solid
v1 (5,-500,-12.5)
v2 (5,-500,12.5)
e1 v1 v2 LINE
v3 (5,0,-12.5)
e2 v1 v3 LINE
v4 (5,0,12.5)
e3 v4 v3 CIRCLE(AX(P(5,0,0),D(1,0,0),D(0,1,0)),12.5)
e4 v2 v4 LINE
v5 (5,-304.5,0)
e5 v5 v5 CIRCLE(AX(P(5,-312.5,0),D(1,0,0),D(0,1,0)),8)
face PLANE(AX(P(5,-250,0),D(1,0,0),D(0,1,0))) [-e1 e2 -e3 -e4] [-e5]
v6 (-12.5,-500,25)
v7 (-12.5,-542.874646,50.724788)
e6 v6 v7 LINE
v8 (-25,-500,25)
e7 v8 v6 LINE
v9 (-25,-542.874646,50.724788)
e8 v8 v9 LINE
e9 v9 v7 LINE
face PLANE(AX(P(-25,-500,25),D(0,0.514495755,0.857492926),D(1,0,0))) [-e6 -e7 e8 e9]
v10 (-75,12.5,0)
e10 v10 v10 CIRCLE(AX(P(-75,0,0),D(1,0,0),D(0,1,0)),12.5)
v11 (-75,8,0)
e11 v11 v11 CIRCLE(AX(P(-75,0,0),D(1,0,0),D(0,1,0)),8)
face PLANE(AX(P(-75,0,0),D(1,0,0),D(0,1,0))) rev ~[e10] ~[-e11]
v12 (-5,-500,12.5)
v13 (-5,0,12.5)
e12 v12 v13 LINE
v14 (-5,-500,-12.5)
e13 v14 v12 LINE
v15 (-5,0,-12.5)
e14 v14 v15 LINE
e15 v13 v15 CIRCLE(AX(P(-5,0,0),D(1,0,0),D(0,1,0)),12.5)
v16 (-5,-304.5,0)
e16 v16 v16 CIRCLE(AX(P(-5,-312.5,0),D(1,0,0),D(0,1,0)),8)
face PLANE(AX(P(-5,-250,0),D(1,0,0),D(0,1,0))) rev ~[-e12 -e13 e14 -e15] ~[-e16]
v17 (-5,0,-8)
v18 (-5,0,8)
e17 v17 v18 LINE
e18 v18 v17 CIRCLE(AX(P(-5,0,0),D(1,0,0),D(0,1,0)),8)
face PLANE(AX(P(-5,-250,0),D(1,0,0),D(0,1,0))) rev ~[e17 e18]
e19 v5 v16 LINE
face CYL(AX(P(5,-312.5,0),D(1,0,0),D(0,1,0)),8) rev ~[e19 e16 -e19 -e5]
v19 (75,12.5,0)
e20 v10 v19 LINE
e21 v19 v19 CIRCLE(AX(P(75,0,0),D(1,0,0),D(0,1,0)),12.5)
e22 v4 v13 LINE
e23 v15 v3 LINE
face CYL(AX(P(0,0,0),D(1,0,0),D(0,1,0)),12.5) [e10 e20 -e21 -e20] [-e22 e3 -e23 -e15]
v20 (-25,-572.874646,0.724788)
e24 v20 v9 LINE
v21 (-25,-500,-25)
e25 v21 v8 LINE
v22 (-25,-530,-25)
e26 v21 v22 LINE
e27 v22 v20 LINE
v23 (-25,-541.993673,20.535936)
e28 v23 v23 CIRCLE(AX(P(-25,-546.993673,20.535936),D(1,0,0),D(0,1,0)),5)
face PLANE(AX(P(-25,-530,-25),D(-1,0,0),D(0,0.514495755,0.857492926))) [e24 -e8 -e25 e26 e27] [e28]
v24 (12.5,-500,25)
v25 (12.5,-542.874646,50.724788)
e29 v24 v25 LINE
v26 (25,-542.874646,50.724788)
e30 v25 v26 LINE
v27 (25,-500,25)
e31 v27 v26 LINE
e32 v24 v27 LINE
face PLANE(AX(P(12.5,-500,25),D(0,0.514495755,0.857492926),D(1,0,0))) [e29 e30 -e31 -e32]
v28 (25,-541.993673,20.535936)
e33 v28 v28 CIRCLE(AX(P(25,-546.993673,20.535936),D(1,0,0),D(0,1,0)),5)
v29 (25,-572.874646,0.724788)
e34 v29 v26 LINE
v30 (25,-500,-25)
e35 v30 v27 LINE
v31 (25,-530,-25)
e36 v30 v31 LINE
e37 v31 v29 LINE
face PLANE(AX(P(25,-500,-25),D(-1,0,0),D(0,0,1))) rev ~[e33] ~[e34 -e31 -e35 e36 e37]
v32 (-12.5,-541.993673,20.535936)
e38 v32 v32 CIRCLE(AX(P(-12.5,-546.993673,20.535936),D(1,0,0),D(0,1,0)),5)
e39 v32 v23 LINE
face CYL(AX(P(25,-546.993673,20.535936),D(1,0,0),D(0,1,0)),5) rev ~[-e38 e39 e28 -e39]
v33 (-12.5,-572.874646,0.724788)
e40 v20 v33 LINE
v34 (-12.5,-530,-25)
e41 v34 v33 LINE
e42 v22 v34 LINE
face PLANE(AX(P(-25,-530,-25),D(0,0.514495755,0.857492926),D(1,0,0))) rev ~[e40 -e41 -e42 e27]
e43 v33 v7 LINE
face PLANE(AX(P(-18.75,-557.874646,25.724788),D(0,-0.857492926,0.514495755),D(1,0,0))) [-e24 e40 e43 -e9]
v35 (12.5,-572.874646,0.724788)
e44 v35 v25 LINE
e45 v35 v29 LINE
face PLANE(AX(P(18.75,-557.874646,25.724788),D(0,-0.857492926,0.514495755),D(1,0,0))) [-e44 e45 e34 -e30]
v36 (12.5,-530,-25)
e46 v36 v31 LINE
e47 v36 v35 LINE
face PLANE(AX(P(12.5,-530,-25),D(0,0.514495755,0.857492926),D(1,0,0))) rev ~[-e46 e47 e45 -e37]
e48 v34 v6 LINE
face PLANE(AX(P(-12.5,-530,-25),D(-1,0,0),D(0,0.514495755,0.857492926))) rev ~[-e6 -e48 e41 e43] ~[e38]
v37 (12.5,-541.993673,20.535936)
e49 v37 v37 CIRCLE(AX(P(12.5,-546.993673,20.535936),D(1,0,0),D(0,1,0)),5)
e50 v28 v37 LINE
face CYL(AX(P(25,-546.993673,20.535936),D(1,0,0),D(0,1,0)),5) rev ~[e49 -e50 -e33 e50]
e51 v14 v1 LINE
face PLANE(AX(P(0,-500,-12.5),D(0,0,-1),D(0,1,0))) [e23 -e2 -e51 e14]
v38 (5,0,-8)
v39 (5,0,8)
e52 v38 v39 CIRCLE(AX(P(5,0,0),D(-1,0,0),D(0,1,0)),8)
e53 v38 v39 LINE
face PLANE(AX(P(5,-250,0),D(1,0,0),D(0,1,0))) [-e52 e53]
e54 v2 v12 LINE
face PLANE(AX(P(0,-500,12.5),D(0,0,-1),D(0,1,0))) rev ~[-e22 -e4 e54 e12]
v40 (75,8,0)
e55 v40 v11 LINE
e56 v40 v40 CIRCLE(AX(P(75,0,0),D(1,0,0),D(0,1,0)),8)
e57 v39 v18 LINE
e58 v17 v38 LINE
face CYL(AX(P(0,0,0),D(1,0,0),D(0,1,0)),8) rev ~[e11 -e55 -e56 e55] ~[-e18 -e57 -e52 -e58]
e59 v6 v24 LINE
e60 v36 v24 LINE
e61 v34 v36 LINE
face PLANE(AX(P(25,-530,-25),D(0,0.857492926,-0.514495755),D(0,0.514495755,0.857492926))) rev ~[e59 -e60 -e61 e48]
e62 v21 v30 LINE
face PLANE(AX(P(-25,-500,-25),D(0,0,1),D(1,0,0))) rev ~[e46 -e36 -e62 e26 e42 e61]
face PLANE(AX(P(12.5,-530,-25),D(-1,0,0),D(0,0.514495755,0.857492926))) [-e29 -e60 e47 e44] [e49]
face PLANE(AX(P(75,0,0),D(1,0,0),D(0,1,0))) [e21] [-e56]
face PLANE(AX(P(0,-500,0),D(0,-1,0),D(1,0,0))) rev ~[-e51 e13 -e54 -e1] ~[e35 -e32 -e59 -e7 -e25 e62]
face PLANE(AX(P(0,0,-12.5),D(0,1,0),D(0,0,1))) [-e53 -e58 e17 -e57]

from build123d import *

# Parameters (mm, degrees)
F0_R          = 12.5
F0_R_2        = 8
F1_DEPTH      = 75
F1_DEPTH_BACK = 75
F2_W          = 500
F2_H          = 25
F3_DEPTH      = 5
F3_DEPTH_BACK = 5
F4_R          = 8
F5_DEPTH      = 25
F5_DEPTH_BACK = 25
F6_W          = 50
F6_H          = 50
F6_W_2        = 10
F6_H_2        = 25
F7_DEPTH      = 30
F9_DEPTH      = 50
F10_W         = 12.5
F10_H         = 58.3095189485
F11_DEPTH     = 50
F12_R         = 5
F13_DEPTH     = 100.001


with BuildPart() as f1:
    # F0 (on Right) → F1 (new body, two sides)
    with BuildSketch(Plane.YZ) as f1_sk:
        Circle(F0_R)
        Circle(F0_R_2, mode=Mode.SUBTRACT)
    extrude(amount=F1_DEPTH)
    extrude(f1_sk.sketch, amount=-F1_DEPTH_BACK)

    # F2 (on Right) → F3 (join, two sides)
    with BuildSketch(Plane.YZ) as f3_sk:
        with Locations((-250, 0)):
            Rectangle(F2_W, F2_H)
    extrude(amount=F3_DEPTH)
    extrude(f3_sk.sketch, amount=-F3_DEPTH_BACK)

    # F4 (on face) → F5 (cut, two sides)
    with BuildSketch(Plane.YZ.offset(5)) as f5_sk:
        with Locations((-312.5, 0)):
            Circle(F4_R)
    extrude(amount=F5_DEPTH, mode=Mode.SUBTRACT)
    extrude(f5_sk.sketch, amount=-F5_DEPTH_BACK, mode=Mode.SUBTRACT)

    # F6 (on face) → F7 (join)
    with BuildSketch(Plane.XZ.offset(500)):
        Rectangle(F6_W, F6_H)
        Rectangle(F6_W_2, F6_H_2, mode=Mode.SUBTRACT)
        Rectangle(F6_W_2, F6_H_2)
    extrude(amount=F7_DEPTH)

    # F8 (on face) → F9 (cut)
    with BuildSketch(Plane.YZ.offset(25)):
        Polygon((-530, 25), (-530, -25), (-500, 25), align=None)
    extrude(amount=-F9_DEPTH, mode=Mode.SUBTRACT)

    # F10 (on face) → F11 (join)
    with BuildSketch(Plane(origin=(0, -378.6764705882, 227.2058823529), x_dir=(1, 0, 0), z_dir=(0, -0.8574929257, 0.5144957554))):
        with Locations((-18.75, -264.9653140452)):
            Rectangle(F10_W, F10_H)
        with Locations((18.75, -264.9653140452)):
            Rectangle(F10_W, F10_H)
    extrude(amount=F11_DEPTH)

    # F12 (on face) → F13 (cut, through all)
    with BuildSketch(Plane.YZ.offset(25)):
        with Locations((-546.9936727221, 20.5359361312)):
            Circle(F12_R)
    extrude(amount=-F13_DEPTH, mode=Mode.SUBTRACT)


solid = f1.part
